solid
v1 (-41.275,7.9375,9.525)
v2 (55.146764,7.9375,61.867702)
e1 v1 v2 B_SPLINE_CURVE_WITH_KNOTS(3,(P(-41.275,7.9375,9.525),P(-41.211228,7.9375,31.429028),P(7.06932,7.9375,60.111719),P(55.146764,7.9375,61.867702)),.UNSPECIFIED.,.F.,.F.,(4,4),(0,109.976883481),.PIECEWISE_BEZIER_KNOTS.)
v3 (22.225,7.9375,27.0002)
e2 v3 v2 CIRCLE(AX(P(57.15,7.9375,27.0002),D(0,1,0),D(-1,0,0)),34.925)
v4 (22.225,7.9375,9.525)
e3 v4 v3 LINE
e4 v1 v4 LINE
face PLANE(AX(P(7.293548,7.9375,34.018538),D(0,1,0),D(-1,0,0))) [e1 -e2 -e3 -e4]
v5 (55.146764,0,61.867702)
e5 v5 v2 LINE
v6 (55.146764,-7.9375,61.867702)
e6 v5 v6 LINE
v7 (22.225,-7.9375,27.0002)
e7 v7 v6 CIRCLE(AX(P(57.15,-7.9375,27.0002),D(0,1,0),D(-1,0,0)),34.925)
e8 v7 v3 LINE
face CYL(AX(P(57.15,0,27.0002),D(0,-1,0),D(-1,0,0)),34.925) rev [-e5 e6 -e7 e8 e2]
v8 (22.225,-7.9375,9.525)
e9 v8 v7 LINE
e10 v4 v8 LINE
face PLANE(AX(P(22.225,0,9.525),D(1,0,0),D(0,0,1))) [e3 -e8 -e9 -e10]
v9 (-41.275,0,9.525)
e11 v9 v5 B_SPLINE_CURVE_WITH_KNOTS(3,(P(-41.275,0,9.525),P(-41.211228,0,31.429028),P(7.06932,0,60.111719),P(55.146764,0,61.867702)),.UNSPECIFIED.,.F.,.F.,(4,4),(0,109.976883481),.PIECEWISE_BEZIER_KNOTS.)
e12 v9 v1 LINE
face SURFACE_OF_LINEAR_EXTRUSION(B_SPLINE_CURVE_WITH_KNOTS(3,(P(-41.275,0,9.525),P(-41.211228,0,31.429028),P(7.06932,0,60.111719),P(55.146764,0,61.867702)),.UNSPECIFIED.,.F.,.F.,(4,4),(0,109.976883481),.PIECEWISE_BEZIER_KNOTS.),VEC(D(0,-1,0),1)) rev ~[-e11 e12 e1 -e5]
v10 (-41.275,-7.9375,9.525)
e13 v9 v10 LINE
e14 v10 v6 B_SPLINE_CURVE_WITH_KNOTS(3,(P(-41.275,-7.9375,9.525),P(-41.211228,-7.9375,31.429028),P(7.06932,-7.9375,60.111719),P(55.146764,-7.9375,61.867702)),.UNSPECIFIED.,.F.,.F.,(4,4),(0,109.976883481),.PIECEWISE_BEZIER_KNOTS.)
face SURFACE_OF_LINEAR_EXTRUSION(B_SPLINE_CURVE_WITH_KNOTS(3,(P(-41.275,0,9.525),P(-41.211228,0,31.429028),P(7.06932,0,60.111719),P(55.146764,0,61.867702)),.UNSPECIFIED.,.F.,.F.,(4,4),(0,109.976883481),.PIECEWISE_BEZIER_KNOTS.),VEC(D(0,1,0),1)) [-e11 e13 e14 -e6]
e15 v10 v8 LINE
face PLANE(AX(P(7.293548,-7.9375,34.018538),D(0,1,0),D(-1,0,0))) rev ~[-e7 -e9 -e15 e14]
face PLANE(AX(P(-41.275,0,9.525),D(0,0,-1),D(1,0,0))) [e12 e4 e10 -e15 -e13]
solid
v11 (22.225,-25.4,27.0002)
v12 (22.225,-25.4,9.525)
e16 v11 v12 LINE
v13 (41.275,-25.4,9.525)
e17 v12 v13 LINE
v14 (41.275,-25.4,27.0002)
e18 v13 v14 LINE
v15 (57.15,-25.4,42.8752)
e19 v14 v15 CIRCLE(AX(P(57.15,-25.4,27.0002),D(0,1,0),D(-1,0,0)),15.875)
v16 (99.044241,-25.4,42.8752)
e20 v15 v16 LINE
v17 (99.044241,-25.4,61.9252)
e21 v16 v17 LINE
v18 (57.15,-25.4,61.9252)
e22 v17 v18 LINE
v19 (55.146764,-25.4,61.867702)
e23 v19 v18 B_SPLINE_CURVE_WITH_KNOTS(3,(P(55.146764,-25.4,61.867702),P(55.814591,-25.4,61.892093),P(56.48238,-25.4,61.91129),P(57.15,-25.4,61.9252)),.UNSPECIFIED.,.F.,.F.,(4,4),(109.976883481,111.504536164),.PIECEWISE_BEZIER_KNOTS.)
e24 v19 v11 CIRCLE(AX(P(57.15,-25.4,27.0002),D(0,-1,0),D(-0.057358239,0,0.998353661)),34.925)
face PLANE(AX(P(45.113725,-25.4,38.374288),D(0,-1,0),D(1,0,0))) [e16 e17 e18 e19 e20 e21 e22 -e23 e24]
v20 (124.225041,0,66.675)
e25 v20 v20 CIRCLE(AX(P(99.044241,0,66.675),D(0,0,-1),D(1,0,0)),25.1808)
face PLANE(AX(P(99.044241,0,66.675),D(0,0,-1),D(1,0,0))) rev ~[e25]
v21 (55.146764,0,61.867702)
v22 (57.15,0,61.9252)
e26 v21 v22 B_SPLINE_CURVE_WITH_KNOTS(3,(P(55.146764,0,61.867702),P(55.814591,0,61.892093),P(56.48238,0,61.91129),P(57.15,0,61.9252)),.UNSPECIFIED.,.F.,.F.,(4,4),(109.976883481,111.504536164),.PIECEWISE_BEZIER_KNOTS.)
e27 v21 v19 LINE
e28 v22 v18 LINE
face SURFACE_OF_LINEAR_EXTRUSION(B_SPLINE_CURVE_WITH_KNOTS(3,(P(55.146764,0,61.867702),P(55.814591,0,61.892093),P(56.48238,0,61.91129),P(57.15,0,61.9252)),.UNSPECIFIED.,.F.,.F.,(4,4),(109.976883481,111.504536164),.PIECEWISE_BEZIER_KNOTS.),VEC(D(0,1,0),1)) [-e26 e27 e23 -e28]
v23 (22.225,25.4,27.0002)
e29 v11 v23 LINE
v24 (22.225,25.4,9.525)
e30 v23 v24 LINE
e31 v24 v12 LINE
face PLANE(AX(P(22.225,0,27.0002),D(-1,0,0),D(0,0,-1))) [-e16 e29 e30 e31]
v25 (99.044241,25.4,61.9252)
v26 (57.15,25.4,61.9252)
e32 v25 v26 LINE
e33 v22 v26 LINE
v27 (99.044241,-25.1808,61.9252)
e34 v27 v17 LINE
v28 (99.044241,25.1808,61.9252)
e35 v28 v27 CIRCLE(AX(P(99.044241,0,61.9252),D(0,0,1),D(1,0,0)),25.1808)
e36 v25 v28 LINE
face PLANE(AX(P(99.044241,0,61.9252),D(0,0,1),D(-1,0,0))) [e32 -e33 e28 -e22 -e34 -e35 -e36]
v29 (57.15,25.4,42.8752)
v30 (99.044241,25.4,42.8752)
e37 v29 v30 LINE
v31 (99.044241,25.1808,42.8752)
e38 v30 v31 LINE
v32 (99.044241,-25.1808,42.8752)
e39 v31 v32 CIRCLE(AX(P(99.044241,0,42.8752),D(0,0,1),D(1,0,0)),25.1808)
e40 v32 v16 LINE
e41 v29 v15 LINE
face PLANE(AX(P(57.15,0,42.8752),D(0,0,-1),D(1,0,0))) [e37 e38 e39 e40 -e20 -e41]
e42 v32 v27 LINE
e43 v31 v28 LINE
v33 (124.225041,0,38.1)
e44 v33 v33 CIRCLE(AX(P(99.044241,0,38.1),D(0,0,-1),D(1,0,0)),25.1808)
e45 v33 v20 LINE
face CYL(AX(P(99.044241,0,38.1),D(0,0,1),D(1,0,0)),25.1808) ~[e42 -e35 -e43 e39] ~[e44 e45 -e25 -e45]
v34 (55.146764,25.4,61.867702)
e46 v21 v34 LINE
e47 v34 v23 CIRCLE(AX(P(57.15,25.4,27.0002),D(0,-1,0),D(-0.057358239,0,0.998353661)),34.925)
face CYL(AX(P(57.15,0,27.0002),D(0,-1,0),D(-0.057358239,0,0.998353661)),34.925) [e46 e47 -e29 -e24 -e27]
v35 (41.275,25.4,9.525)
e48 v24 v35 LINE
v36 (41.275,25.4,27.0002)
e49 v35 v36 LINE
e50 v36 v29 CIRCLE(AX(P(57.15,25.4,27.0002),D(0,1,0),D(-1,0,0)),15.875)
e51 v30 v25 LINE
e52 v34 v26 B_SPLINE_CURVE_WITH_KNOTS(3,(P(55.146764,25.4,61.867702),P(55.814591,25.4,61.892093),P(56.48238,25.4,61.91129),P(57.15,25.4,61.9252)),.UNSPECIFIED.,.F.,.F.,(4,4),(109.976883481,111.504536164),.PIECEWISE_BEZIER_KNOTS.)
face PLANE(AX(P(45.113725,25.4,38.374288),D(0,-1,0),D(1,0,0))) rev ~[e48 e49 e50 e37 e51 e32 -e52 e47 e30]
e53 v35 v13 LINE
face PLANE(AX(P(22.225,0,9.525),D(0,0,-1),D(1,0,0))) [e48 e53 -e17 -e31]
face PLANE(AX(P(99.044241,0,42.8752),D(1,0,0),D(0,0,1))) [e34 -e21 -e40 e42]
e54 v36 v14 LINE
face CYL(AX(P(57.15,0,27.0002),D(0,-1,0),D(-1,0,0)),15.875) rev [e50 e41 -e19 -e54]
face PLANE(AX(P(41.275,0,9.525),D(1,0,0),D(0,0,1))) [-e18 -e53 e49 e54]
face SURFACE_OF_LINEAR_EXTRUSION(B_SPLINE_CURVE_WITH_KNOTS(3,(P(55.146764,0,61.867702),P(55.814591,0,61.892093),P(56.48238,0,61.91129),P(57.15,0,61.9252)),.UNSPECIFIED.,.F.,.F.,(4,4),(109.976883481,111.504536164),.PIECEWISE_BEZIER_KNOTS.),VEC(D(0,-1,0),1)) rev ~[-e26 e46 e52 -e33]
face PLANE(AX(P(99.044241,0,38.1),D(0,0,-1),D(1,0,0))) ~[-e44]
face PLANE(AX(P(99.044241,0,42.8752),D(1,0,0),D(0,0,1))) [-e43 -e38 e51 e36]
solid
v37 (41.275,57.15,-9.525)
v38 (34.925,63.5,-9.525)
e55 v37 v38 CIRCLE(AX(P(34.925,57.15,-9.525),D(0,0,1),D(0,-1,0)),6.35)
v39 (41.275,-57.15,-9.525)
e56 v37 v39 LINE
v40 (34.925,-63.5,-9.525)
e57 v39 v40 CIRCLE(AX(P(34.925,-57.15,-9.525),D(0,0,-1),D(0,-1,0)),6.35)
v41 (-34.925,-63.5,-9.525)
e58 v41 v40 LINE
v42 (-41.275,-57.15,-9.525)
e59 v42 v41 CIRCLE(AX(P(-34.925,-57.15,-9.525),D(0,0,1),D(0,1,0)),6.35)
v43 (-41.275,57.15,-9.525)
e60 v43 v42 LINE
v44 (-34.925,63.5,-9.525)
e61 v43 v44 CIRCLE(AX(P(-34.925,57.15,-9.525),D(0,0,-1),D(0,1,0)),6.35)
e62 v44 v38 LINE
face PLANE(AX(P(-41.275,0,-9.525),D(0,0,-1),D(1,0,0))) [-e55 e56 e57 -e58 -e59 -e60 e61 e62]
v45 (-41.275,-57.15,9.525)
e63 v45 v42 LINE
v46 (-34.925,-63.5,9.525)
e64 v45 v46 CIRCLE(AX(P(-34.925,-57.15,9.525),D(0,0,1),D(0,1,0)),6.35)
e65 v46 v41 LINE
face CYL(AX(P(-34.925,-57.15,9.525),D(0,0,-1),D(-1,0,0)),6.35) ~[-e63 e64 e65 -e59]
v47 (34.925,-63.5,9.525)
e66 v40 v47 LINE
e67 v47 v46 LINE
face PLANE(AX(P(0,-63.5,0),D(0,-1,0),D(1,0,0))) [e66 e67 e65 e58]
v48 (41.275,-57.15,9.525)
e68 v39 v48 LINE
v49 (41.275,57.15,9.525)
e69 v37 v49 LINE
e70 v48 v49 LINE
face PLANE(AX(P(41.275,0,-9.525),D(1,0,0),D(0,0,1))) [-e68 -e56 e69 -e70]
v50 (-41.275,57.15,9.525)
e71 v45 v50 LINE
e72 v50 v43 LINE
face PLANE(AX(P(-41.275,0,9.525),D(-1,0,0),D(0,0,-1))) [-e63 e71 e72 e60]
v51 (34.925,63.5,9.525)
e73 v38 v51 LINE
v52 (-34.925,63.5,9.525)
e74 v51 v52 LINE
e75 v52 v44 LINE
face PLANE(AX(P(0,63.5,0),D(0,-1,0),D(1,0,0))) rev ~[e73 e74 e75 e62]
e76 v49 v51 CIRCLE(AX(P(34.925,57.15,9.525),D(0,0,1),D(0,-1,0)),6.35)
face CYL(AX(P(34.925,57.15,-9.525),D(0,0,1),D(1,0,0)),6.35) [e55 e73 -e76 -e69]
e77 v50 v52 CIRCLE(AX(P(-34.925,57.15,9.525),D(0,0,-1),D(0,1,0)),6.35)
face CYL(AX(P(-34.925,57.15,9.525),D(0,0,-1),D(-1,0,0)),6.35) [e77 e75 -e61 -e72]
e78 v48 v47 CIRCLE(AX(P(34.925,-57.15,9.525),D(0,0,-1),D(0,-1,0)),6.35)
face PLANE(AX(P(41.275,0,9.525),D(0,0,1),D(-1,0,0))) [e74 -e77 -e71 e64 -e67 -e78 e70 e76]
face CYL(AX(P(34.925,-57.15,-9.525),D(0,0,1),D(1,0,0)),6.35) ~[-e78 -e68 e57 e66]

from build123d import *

# Parameters (mm, degrees)
F1_DEPTH = 63.5
F0_W     = 25.6192001271
F0_H     = 19.05
F2_DEPTH = 25.4
F3_DEPTH = 7.9375
F5_R     = 6.35


with BuildPart() as f1:
    # F0 (on Front) → F1 (new body, symmetric)
    with BuildSketch(Plane.XZ):
        Polygon((22.225, 9.525), (-41.275, 9.525), (-41.275, -9.525), (41.275, -9.525), (41.275, 9.525), align=None)
    extrude(amount=F1_DEPTH, both=True)

    # F5
    f5_edges = [f1.edges().sort_by_distance(p)[0] for p in [
        (-41.275, -63.5, 0),
        (41.275, -63.5, 0),
        (41.275, 63.5, 0),
        (-41.275, 63.5, 0),
    ]]
    fillet(f5_edges, radius=F5_R)


with BuildPart() as f2:
    # F0 (on Front) → F2 (new body, symmetric)
    with BuildSketch(Plane.XZ):
        with BuildLine():
            Line((22.225, 27.0002), (22.225, 9.525))
            Line((22.225, 9.525), (41.275, 9.525))
            Line((41.275, 9.525), (41.275, 27.0002))
            ThreePointArc((41.275, 27.0002), (45.9246798487, 38.2255201513), (57.15, 42.8752))
            Line((57.15, 42.8752), (73.4250409278, 42.8752))
            Line((73.4250409278, 42.8752), (73.4250409278, 61.9252))
            Line((73.4250409278, 61.9252), (57.15, 61.9252))
            add(Edge.make_bspline(
                [(55.1467635133, 61.8677016108), (55.8145914565, 61.8920933815), (56.4823802106, 61.9112896237), (57.15, 61.9252)],
                knots=[109.9768834812, 109.9768834812, 109.9768834812, 109.9768834812, 111.5045361635, 111.5045361635, 111.5045361635, 111.5045361635], degree=3))
            ThreePointArc((55.1467635133, 61.8677016108), (31.7559193974, 50.9771951276), (22.225, 27.0002))
        make_face()
        with Locations((86.2346409914, 52.4002)):
            Rectangle(F0_W, F0_H)
    extrude(amount=F2_DEPTH, both=True)

    # F0 (on Front) → F4 (revolve)
    with BuildSketch(Plane.XZ):
        Polygon((99.044241055, 66.675), (99.044241055, 61.9252), (99.044241055, 42.8752), (99.044241055, 38.1), (124.2250409278, 38.1), (124.2250409278, 66.675), align=None)
    revolve(axis=Axis((99.044241055, 0, 52.3875), (0, 0, -1)))


with BuildPart() as f3:
    # F0 (on Front) → F3 (new body, symmetric)
    with BuildSketch(Plane.XZ):
        with BuildLine():
            add(Edge.make_bspline(
                [(-41.275, 9.525), (-41.211228034, 31.429027723), (7.0693197697, 60.1117194089), (55.1467635133, 61.8677016108)],
                knots=[0, 0, 0, 0, 109.9768834812, 109.9768834812, 109.9768834812, 109.9768834812], degree=3))
            Line((-41.275, 9.525), (22.225, 9.525))
            Line((22.225, 9.525), (22.225, 27.0002))
            ThreePointArc((22.225, 27.0002), (31.7559193974, 50.9771951276), (55.1467635133, 61.8677016108))
        make_face()
    extrude(amount=F3_DEPTH, both=True)


solid = Compound([f1.part, f2.part, f3.part])
